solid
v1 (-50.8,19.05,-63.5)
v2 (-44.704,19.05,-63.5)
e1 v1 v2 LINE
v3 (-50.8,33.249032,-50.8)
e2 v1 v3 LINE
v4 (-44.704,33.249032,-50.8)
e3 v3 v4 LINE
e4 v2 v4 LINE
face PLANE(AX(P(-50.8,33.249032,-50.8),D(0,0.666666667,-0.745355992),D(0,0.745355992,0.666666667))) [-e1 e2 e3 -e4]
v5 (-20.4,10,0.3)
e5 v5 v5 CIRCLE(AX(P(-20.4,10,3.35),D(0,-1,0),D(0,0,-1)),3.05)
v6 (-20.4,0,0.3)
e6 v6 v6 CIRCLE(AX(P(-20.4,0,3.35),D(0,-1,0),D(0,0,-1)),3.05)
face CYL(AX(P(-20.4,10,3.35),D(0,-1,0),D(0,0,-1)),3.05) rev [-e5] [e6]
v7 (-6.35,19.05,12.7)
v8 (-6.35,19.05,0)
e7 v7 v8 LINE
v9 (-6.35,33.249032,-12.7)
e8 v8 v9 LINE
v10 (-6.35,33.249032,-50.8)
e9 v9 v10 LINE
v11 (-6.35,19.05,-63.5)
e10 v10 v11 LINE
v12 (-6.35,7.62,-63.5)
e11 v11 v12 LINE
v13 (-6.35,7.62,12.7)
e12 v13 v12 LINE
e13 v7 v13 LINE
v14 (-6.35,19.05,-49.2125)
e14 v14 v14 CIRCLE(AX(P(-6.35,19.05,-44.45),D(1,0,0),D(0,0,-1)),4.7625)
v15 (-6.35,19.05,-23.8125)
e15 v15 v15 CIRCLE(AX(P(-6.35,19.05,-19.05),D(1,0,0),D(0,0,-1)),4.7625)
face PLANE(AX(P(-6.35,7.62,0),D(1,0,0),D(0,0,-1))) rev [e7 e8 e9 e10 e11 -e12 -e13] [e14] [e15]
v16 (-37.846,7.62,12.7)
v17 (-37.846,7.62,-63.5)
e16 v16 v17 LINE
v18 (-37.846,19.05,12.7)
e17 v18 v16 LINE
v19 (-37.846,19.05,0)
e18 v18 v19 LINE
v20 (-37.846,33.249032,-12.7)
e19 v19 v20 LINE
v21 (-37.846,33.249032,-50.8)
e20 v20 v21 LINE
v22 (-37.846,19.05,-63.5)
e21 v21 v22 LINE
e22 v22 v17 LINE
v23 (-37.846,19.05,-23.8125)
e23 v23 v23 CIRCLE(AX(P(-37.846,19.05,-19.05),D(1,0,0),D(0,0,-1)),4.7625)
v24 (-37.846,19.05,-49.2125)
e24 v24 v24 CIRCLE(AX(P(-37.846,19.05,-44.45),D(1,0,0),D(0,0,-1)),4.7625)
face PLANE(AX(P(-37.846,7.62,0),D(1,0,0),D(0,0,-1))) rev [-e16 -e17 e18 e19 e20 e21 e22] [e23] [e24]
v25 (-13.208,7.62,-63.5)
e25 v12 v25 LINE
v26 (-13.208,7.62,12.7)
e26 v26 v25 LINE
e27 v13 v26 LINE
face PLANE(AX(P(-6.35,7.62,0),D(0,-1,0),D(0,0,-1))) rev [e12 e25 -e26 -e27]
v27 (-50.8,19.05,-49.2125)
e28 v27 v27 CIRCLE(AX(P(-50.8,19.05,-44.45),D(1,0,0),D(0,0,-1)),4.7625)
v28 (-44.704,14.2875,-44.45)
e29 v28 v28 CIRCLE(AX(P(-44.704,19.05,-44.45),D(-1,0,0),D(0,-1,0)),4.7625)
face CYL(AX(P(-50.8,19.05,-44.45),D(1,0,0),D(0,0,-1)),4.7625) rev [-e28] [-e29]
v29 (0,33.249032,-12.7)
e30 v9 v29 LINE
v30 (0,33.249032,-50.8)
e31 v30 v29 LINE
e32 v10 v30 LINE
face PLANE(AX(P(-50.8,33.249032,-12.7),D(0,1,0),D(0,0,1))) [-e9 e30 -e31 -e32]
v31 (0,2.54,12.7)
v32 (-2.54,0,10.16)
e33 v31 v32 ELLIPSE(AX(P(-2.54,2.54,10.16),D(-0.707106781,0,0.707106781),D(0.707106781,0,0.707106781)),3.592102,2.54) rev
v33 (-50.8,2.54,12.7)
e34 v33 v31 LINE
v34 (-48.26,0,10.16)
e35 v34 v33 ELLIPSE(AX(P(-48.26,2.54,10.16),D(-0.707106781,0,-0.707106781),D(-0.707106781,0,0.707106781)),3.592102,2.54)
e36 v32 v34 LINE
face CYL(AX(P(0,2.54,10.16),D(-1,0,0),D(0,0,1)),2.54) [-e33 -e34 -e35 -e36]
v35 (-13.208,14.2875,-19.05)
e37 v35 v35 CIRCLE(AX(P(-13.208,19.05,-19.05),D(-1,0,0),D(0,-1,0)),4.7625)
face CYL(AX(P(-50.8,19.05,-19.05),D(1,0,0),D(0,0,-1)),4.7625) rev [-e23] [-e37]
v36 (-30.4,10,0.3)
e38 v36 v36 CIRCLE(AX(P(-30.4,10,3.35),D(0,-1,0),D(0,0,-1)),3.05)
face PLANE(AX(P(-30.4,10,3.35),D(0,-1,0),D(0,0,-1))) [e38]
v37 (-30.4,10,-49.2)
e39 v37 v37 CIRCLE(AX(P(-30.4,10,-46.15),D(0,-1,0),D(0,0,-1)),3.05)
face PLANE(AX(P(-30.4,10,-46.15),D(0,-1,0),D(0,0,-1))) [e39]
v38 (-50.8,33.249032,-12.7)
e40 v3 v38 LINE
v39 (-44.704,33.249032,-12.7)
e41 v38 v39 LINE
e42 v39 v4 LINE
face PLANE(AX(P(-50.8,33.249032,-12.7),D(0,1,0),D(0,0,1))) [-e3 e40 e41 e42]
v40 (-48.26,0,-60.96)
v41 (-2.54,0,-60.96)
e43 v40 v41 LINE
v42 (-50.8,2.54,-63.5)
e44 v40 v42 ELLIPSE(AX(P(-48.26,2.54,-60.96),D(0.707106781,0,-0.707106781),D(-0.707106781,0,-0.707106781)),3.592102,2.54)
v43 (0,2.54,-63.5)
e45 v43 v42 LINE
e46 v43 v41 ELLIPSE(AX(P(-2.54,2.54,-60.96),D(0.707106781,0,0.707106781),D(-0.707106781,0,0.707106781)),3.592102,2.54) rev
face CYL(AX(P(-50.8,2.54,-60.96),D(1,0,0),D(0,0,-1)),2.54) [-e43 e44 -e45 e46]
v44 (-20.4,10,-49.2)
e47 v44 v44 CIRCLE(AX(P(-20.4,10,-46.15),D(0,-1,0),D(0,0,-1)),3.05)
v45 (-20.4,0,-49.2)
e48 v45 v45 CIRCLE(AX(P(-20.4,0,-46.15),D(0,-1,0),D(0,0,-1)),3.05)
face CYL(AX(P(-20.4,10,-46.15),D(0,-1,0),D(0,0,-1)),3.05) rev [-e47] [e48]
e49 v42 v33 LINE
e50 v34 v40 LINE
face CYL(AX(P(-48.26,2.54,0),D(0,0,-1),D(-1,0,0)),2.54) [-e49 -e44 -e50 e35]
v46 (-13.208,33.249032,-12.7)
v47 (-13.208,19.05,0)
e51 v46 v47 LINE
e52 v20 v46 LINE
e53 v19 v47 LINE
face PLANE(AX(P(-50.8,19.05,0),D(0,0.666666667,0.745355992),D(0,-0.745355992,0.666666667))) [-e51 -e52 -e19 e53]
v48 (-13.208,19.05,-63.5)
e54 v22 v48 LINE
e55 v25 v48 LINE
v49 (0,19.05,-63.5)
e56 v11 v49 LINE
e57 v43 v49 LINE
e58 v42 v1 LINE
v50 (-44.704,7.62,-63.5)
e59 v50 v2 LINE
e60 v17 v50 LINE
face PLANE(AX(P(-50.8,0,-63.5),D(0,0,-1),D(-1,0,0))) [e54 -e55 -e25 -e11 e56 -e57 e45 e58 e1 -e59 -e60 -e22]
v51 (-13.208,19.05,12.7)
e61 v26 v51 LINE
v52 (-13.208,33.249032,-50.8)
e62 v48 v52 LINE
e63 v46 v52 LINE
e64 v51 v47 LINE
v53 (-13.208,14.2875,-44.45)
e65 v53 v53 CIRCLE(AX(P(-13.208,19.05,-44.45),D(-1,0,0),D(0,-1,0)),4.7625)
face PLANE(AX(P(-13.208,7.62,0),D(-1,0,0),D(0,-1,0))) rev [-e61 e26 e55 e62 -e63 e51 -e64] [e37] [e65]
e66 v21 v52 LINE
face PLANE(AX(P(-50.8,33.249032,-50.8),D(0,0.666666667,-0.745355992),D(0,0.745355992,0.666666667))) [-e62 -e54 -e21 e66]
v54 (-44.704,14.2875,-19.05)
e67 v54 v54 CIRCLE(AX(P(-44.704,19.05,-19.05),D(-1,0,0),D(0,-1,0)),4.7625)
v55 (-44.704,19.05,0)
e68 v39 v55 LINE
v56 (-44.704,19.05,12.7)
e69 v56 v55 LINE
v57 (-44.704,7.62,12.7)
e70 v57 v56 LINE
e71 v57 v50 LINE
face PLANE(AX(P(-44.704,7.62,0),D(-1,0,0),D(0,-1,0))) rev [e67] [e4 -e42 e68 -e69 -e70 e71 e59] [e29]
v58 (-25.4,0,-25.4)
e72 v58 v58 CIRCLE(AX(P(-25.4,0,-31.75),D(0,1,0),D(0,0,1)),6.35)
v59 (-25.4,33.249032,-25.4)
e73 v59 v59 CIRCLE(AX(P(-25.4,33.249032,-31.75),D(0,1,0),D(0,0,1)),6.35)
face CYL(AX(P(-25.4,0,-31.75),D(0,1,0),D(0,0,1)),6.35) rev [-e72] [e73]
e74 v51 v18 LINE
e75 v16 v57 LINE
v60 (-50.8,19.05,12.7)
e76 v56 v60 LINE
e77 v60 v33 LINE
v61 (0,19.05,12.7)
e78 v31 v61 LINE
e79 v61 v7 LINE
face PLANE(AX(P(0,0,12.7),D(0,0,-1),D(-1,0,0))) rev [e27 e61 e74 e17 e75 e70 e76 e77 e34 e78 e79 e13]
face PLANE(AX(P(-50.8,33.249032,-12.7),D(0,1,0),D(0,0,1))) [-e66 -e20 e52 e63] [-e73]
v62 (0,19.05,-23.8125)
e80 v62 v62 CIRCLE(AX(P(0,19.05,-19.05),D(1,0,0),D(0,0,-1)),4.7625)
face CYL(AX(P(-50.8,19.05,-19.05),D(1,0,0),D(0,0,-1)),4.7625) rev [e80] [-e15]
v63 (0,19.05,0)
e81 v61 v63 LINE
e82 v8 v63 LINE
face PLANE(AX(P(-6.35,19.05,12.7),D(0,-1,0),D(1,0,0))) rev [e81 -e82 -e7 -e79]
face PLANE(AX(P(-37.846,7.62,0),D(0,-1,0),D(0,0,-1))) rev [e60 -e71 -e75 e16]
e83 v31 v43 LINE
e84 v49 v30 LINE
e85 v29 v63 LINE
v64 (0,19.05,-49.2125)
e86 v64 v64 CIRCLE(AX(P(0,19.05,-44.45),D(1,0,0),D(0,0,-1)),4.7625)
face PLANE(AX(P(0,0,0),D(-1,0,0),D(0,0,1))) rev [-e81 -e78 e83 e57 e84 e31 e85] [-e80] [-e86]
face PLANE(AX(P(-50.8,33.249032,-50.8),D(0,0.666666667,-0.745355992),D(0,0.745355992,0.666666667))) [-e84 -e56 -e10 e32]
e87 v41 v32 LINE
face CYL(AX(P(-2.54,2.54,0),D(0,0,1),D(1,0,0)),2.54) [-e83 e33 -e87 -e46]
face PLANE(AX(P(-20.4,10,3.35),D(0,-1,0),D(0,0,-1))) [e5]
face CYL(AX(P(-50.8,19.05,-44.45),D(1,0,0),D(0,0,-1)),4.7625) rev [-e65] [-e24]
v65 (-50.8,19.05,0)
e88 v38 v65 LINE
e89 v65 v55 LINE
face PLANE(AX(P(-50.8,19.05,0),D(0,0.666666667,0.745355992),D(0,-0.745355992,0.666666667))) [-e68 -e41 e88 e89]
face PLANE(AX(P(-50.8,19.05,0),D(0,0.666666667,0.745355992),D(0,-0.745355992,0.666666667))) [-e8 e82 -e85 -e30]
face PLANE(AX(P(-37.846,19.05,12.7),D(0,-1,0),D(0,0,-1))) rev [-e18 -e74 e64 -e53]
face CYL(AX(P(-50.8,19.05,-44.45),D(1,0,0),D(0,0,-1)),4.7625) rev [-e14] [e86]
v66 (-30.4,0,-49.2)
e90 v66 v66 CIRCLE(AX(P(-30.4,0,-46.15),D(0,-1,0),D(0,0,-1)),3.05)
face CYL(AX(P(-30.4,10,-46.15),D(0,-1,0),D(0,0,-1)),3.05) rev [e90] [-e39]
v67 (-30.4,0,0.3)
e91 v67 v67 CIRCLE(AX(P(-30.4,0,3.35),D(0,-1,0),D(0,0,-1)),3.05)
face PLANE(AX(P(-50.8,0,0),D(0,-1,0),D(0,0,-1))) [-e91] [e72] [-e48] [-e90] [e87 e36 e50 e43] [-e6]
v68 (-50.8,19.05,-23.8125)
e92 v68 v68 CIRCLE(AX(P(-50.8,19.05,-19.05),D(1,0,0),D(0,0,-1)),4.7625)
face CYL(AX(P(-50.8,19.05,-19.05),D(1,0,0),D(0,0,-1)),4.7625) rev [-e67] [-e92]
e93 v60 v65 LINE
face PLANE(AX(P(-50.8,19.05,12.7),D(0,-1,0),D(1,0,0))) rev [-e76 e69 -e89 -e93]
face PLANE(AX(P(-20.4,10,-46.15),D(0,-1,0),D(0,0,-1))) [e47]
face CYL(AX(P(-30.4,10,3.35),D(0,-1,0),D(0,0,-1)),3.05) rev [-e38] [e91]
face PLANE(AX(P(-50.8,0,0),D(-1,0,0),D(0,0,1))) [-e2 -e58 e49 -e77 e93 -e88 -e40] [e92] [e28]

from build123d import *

# Parameters (mm, degrees)
SKETCH1_W           = 63.5
SKETCH1_H           = 6.35
BOSS_EXTRUDE1_DEPTH = 50.8
BOSS_EXTRUDE2_DEPTH = 50.8
SKETCH10_W          = 6.858
SKETCH10_H          = 25.629031657
CUT_EXTRUDE1_DEPTH  = 88.854357354
LPATTERN3_COUNT     = 2
LPATTERN3_PITCH     = 31.496
SKETCH11_R          = 4.7625
CUT_EXTRUDE2_DEPTH  = 88.854357354
BOSS_EXTRUDE3_DEPTH = 12.7
SKETCH23_R          = 6.35
CUT_EXTRUDE6_DEPTH  = 88.854357354
FILLET2_R           = 2.54
SKETCH24_R          = 3.05
CUT_EXTRUDE7_DEPTH  = 10


with BuildPart() as part:
    # Sketch1 → Boss-Extrude1 (new body)
    with BuildSketch(Plane(origin=(0, 0, 0), x_dir=(0, 0, -1), z_dir=(1, 0, 0))):
        with Locations((31.75, 3.175)):
            Rectangle(SKETCH1_W, SKETCH1_H)
    extrude(amount=-BOSS_EXTRUDE1_DEPTH)

    # Sketch2 → Boss-Extrude2 (add)
    with BuildSketch(Plane(origin=(0, 0, 0), x_dir=(0, 0, -1), z_dir=(1, 0, 0))):
        Polygon((0, 6.35), (0, 19.05), (12.7, 33.249031657), (50.8, 33.249031657), (63.5, 19.05), (63.5, 6.35), align=None)
    extrude(amount=-BOSS_EXTRUDE2_DEPTH)

    # Sketch10 → Cut-Extrude1 (cut, through all)
    with BuildSketch(Plane(origin=(0, 0, -63.5), x_dir=(-1, 0, 0), z_dir=(0, 0, -1))):
        with Locations((9.779, 20.434515829)):
            Rectangle(SKETCH10_W, SKETCH10_H)
    cut_extrude1 = extrude(amount=-CUT_EXTRUDE1_DEPTH, mode=Mode.SUBTRACT)

    # LPattern3: Cut-Extrude1 ×2
    with Locations(*[(-i * LPATTERN3_PITCH, 0, 0) for i in range(1, LPATTERN3_COUNT)]):
        add(cut_extrude1, mode=Mode.SUBTRACT)

    # Sketch11 → Cut-Extrude2 (cut, through all)
    with BuildSketch(Plane(origin=(0, 0, 0), x_dir=(0, 0, -1), z_dir=(1, 0, 0))):
        with Locations((19.05, 19.05)):
            Circle(SKETCH11_R)
        with Locations((44.45, 19.05)):
            Circle(SKETCH11_R)
    extrude(amount=-CUT_EXTRUDE2_DEPTH, mode=Mode.SUBTRACT)

    # Sketch22 → Boss-Extrude3 (add)
    with BuildSketch(Plane.XY):
        Polygon((0, 0), (-50.8, 0), (-50.8, 7.62), (-50.8, 19.05), (-44.704, 19.05), (-44.704, 7.62), (-37.846, 7.62), (-37.846, 19.05), (-13.208, 19.05), (-13.208, 7.62), (-6.35, 7.62), (-6.35, 19.05), (0, 19.05), (0, 7.62), align=None)
    extrude(amount=BOSS_EXTRUDE3_DEPTH)

    # Sketch23 → Cut-Extrude6 (cut, through all)
    with BuildSketch(Plane(origin=(0, 33.249031657, 0), x_dir=(1, 0, 0), z_dir=(0, 1, 0))):
        with Locations(Location((-25.4, 31.75, 0), (0, 0, 270))):
            Circle(SKETCH23_R)
    extrude(amount=-CUT_EXTRUDE6_DEPTH, mode=Mode.SUBTRACT)

    # Fillet2
    fillet2_edges = [part.edges().sort_by_distance(p)[0] for p in [
        (-25.4, 0, 12.7),
        (0, 0, -25.4),
        (-50.8, 0, -25.4),
        (-25.4, 0, -63.5),
    ]]
    fillet(fillet2_edges, radius=FILLET2_R)

    # Sketch24 → Cut-Extrude7 (cut)
    with BuildSketch(Plane.XZ):
        with Locations(Location((-30.4, -46.15, 0), (0, 0, 270))):
            Circle(SKETCH24_R)
        with Locations(Location((-20.4, -46.15, 0), (0, 0, 270))):
            Circle(SKETCH24_R)
        with Locations(Location((-20.4, 3.35, 0), (0, 0, 270))):
            Circle(SKETCH24_R)
        with Locations(Location((-30.4, 3.35, 0), (0, 0, 270))):
            Circle(SKETCH24_R)
    extrude(amount=-CUT_EXTRUDE7_DEPTH, mode=Mode.SUBTRACT)


solid = part.part
